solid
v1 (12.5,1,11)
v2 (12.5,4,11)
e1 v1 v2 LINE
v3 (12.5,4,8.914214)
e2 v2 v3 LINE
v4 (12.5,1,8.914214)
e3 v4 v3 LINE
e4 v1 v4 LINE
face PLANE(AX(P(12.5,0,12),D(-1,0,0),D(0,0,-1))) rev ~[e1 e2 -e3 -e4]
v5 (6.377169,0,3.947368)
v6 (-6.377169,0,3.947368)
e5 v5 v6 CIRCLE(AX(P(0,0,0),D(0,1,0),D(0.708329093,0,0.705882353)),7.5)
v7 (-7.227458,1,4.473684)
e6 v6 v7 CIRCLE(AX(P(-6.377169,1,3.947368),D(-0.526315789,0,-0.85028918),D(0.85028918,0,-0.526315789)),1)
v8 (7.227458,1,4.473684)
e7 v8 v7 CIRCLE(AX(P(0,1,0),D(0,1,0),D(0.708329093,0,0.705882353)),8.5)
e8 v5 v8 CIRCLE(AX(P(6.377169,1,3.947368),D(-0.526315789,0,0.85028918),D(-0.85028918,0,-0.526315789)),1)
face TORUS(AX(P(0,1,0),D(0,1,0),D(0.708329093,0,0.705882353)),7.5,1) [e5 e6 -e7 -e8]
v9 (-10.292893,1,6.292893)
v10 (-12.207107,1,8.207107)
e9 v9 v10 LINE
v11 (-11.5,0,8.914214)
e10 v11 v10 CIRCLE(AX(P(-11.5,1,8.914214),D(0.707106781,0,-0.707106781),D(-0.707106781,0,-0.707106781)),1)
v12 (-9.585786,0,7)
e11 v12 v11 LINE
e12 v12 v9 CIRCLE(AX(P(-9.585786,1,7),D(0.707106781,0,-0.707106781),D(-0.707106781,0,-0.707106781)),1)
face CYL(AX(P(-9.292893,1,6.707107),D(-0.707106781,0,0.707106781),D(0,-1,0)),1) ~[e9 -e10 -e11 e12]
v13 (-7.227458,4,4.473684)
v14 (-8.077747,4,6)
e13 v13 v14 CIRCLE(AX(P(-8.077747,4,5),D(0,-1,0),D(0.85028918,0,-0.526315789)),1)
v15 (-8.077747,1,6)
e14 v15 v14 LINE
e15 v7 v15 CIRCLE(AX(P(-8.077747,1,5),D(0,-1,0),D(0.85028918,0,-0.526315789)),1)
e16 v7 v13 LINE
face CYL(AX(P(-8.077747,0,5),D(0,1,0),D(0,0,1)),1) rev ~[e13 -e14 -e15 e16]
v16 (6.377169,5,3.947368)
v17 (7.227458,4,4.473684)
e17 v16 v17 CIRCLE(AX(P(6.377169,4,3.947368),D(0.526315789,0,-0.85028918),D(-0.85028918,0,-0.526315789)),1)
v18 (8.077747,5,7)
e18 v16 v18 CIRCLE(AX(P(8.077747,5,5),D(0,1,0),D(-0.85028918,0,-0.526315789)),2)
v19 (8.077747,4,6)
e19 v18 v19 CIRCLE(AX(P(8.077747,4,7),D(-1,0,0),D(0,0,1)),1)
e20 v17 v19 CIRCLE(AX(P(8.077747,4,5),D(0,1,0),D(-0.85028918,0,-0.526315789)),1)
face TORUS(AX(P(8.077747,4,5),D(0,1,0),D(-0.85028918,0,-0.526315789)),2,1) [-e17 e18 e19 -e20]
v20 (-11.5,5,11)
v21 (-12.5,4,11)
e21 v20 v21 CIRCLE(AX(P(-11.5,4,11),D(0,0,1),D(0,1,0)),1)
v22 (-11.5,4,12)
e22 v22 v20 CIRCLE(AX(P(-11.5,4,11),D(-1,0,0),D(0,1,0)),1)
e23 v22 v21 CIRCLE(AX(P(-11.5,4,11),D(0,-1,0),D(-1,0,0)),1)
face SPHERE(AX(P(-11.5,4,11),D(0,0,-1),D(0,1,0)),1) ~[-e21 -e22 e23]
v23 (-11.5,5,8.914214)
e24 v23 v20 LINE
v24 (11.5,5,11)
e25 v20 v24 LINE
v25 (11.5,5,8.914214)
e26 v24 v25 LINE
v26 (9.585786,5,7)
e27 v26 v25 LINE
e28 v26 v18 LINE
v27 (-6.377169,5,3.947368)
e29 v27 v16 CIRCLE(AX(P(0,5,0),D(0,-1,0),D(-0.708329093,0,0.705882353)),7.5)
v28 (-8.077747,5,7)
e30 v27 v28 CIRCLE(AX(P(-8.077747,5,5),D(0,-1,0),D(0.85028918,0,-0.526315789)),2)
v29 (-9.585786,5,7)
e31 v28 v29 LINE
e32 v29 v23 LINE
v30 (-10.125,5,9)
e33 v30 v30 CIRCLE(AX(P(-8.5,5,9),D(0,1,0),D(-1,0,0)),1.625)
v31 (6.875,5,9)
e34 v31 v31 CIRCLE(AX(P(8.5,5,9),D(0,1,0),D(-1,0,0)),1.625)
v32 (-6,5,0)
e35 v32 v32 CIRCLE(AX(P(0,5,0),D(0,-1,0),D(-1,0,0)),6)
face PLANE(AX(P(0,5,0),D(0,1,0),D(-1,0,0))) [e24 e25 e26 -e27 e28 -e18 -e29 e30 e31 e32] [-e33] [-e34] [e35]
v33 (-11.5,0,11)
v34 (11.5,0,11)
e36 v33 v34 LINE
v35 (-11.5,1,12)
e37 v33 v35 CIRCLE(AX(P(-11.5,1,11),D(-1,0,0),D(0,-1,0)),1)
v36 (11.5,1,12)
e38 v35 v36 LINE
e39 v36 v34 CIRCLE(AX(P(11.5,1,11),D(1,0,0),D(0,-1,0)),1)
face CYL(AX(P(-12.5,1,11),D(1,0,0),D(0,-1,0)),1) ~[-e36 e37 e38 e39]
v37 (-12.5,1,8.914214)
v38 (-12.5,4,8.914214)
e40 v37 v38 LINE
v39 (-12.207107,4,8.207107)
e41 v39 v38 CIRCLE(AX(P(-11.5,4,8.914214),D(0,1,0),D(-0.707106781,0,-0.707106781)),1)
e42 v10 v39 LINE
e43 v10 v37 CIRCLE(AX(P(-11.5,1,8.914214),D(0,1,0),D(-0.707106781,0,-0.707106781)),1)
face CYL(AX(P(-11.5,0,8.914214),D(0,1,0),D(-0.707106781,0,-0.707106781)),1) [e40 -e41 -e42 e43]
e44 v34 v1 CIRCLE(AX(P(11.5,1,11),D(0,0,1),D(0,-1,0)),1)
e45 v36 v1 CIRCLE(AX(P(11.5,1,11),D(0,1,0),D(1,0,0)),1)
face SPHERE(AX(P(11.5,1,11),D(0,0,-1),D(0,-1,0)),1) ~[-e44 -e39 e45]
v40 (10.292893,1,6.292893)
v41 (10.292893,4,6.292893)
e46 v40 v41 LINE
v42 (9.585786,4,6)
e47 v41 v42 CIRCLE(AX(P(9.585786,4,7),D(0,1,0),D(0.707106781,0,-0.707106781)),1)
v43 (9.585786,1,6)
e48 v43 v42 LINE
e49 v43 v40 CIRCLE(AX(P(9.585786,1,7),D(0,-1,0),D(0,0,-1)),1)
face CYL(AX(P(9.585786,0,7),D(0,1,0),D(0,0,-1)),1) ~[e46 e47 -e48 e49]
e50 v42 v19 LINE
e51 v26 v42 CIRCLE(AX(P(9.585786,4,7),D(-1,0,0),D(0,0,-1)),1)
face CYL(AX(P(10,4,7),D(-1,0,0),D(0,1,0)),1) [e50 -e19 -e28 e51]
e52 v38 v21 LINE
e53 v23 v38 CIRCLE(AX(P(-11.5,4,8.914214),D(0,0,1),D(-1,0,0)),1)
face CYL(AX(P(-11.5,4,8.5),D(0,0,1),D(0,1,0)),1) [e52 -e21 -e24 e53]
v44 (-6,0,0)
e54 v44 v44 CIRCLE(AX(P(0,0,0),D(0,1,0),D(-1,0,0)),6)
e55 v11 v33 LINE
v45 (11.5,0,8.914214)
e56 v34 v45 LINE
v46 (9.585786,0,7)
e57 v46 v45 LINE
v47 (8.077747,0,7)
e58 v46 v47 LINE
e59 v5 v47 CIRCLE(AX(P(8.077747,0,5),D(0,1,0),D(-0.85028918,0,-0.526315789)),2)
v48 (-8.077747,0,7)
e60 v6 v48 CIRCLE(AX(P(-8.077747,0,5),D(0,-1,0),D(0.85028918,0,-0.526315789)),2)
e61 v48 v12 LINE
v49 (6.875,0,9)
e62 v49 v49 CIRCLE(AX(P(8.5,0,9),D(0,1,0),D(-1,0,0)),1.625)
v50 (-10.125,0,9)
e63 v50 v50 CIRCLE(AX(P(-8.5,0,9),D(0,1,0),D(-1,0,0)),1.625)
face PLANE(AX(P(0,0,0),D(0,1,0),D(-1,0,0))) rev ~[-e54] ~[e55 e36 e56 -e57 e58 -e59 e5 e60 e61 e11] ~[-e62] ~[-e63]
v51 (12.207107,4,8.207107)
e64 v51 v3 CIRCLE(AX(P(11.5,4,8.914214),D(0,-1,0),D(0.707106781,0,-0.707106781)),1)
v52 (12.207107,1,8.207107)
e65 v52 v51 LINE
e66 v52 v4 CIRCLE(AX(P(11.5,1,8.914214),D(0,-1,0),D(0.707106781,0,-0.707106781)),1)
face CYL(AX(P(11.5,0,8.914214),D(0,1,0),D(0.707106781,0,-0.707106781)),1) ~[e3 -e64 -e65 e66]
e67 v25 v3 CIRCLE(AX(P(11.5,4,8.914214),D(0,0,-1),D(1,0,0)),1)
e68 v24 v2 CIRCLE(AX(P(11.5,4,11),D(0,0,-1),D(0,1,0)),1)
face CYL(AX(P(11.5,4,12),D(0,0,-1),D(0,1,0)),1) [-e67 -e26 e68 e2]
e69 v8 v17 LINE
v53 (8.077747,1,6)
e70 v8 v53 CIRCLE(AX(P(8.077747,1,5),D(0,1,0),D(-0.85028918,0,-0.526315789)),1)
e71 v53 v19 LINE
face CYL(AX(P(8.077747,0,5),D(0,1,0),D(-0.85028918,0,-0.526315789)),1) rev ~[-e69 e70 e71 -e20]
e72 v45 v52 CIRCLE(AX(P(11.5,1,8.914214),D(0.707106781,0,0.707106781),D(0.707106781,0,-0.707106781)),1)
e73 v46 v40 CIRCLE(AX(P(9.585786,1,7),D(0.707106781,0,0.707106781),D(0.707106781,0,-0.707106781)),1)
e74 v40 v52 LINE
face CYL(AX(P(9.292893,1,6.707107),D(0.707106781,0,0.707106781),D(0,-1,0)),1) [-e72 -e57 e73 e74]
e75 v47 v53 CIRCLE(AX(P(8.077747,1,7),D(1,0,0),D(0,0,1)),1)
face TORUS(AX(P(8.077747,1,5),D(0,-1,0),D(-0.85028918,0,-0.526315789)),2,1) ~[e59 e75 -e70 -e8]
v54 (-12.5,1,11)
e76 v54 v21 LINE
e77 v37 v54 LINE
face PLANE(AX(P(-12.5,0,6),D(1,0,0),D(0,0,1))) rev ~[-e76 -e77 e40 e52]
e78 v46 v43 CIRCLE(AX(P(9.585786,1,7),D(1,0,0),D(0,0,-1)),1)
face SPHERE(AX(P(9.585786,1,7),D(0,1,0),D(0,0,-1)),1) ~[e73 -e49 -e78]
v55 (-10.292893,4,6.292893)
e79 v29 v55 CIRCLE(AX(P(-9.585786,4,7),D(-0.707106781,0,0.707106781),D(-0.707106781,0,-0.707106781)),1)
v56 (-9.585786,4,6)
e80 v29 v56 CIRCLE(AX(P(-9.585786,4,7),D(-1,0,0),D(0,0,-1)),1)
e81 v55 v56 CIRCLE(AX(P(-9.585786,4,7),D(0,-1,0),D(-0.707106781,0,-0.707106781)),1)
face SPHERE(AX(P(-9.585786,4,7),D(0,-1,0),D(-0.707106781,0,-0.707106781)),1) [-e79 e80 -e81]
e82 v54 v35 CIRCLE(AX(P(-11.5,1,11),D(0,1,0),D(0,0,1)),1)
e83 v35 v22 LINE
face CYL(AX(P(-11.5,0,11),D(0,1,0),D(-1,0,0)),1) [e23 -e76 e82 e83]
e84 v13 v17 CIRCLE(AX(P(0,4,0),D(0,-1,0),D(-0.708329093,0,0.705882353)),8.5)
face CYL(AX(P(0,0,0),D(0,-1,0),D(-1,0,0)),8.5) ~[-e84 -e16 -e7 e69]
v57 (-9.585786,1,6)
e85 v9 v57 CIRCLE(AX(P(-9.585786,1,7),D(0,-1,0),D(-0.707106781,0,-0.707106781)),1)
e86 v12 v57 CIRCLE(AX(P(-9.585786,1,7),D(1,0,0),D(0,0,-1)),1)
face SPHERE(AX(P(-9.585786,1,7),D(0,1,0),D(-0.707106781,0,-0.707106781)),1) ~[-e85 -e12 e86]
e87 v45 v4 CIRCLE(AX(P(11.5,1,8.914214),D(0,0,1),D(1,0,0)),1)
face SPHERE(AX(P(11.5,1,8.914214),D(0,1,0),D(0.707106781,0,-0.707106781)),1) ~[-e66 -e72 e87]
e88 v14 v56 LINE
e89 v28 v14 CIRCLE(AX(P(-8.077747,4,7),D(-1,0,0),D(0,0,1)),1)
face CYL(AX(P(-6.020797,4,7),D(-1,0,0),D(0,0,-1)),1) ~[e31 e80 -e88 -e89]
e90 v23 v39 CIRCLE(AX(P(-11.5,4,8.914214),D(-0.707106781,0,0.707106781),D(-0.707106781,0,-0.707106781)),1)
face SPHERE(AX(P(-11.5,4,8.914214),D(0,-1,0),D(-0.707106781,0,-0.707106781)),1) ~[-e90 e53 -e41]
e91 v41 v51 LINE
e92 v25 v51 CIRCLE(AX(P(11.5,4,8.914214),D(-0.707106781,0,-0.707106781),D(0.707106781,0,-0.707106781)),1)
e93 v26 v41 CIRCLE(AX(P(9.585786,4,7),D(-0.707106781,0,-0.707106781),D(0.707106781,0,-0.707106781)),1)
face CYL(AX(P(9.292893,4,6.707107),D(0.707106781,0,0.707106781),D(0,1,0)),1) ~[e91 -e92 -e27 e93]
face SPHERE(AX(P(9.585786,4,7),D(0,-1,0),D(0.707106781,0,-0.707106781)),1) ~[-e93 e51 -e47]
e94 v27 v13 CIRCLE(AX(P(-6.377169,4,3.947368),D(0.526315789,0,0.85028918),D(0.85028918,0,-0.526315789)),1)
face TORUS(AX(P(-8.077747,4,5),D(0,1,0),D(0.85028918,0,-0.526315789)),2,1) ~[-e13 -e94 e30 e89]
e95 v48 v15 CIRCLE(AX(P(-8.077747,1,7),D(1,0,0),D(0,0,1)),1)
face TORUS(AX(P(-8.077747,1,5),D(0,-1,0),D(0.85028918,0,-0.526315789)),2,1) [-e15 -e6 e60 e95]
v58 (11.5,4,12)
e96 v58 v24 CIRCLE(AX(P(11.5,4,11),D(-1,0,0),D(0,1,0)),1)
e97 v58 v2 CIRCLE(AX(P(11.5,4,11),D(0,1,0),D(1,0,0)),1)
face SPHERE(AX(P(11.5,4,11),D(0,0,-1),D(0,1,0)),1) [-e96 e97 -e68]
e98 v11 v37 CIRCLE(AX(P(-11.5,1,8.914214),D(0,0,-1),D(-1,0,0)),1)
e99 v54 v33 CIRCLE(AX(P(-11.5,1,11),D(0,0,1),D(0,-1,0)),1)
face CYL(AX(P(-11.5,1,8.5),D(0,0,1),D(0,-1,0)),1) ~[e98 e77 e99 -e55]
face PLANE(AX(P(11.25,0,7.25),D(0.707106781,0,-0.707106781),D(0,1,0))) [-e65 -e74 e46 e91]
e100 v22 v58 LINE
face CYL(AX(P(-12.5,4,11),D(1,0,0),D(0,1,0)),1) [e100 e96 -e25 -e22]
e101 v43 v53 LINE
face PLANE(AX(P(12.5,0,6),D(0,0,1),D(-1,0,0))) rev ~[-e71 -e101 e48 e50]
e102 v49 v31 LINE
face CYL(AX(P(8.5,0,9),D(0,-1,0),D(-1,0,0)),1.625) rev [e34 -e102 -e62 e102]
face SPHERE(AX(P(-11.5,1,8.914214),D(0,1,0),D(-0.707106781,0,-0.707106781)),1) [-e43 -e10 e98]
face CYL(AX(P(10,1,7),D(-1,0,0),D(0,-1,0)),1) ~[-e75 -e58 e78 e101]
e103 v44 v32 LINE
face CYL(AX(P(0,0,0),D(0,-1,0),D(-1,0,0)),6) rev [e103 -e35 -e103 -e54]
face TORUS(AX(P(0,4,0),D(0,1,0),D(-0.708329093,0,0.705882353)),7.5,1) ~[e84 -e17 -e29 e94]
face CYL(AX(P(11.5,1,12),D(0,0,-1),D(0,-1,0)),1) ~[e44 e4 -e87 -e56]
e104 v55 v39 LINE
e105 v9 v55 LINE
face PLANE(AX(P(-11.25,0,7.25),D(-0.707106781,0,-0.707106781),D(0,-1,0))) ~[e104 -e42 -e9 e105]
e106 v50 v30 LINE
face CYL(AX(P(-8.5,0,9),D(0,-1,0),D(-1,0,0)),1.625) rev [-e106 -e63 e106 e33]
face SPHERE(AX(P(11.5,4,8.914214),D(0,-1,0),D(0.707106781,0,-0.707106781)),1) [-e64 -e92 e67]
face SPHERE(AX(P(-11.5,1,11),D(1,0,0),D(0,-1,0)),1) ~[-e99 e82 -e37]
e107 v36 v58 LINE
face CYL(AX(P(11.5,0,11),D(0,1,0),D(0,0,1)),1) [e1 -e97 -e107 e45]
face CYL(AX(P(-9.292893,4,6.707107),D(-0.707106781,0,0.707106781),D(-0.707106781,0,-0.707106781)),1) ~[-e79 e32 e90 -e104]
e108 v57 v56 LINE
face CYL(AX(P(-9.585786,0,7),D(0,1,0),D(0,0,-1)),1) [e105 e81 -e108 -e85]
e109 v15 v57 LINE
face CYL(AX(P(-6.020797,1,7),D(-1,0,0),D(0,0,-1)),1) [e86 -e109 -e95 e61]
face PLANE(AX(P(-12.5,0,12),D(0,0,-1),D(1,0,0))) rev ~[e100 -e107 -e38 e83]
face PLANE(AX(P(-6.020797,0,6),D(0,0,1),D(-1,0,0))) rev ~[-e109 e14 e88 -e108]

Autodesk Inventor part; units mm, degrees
ref_plane "YZ Plane" through (0, 0, 0) normal (1, 0, 0) x (0, 1, 0)
ref_plane "XZ Plane" through (0, 0, 0) normal (0, 1, 0) x (-1, 0, 0)
ref_plane "XY Plane" through (0, 0, 0) normal (0, 0, 1) x (1, 0, 0)
sketch "Sketch1" plane through (0, 0, 0) normal (0, 1, 0) x (-1, 0, 0)
  circle A0 centre (0, 0) radius 6
  circle A1 centre (0, 0) radius 8.5
  line L0 (12.5, 12) -> (-12.5, 12)
  line L1 (-12.5, 12) -> (-12.5, 6)
  line L2 (-12.5, 6) -> (12.5, 6)
  line L3 (12.5, 6) -> (12.5, 12)
  line L4 (12.5, 9) -> (-12.5, 9) construction
  circle A2 centre (8.5, 9) radius 1.625
  circle A3 centre (-8.5, 9) radius 1.625
  dimension "d0" = 12
  dimension "d1" = 17
  dimension "d2" = 25
  dimension "d3" = 6
  dimension "d4" = 12.5
  dimension "d5" = 3.25
  dimension "d6" = 3.25
  dimension "d7" = 17
  dimension "d8" = 4
extrude "Extrusion1" add sketch "Sketch1" along normal blind 5
chamfer "Chamfer2" distance 2.5 angle 45 2 edges at (-12.5, 2.5, 6) (12.5, 2.5, 6)
fillet "Fillet3" radius 1 24 edges at (8.0104, 0, 6) (11.25, 0, 7.25) (12.5, 0, 10.25) (0, 0, 12) (-12.5, 0, 10.25) (-8.0104, 0, 6) (-10, 2.5, 6) (-12.5, 5, 10.25) (-12.5, 2.5, 8.5) (-11.25, 5, 7.25) (-8.0104, 5, 6) (-11.25, 0, 7.25) (-6.0208, 2.5, 6) (6.0208, 2.5, 6) (0, 0, -8.5) (0, 5, -8.5) (8.0104, 5, 6) (10, 2.5, 6) (11.25, 5, 7.25) (12.5, 5, 10.25) (0, 5, 12) (-12.5, 2.5, 12) (12.5, 2.5, 8.5) (12.5, 2.5, 12)
equation "\"d4\" = 0.5 * d2"
equation "\"d8\" = -0.5 * d7 + 0.5 * d2"
properties part number "proxymity_holder_v2" material "ABS Plastic"
